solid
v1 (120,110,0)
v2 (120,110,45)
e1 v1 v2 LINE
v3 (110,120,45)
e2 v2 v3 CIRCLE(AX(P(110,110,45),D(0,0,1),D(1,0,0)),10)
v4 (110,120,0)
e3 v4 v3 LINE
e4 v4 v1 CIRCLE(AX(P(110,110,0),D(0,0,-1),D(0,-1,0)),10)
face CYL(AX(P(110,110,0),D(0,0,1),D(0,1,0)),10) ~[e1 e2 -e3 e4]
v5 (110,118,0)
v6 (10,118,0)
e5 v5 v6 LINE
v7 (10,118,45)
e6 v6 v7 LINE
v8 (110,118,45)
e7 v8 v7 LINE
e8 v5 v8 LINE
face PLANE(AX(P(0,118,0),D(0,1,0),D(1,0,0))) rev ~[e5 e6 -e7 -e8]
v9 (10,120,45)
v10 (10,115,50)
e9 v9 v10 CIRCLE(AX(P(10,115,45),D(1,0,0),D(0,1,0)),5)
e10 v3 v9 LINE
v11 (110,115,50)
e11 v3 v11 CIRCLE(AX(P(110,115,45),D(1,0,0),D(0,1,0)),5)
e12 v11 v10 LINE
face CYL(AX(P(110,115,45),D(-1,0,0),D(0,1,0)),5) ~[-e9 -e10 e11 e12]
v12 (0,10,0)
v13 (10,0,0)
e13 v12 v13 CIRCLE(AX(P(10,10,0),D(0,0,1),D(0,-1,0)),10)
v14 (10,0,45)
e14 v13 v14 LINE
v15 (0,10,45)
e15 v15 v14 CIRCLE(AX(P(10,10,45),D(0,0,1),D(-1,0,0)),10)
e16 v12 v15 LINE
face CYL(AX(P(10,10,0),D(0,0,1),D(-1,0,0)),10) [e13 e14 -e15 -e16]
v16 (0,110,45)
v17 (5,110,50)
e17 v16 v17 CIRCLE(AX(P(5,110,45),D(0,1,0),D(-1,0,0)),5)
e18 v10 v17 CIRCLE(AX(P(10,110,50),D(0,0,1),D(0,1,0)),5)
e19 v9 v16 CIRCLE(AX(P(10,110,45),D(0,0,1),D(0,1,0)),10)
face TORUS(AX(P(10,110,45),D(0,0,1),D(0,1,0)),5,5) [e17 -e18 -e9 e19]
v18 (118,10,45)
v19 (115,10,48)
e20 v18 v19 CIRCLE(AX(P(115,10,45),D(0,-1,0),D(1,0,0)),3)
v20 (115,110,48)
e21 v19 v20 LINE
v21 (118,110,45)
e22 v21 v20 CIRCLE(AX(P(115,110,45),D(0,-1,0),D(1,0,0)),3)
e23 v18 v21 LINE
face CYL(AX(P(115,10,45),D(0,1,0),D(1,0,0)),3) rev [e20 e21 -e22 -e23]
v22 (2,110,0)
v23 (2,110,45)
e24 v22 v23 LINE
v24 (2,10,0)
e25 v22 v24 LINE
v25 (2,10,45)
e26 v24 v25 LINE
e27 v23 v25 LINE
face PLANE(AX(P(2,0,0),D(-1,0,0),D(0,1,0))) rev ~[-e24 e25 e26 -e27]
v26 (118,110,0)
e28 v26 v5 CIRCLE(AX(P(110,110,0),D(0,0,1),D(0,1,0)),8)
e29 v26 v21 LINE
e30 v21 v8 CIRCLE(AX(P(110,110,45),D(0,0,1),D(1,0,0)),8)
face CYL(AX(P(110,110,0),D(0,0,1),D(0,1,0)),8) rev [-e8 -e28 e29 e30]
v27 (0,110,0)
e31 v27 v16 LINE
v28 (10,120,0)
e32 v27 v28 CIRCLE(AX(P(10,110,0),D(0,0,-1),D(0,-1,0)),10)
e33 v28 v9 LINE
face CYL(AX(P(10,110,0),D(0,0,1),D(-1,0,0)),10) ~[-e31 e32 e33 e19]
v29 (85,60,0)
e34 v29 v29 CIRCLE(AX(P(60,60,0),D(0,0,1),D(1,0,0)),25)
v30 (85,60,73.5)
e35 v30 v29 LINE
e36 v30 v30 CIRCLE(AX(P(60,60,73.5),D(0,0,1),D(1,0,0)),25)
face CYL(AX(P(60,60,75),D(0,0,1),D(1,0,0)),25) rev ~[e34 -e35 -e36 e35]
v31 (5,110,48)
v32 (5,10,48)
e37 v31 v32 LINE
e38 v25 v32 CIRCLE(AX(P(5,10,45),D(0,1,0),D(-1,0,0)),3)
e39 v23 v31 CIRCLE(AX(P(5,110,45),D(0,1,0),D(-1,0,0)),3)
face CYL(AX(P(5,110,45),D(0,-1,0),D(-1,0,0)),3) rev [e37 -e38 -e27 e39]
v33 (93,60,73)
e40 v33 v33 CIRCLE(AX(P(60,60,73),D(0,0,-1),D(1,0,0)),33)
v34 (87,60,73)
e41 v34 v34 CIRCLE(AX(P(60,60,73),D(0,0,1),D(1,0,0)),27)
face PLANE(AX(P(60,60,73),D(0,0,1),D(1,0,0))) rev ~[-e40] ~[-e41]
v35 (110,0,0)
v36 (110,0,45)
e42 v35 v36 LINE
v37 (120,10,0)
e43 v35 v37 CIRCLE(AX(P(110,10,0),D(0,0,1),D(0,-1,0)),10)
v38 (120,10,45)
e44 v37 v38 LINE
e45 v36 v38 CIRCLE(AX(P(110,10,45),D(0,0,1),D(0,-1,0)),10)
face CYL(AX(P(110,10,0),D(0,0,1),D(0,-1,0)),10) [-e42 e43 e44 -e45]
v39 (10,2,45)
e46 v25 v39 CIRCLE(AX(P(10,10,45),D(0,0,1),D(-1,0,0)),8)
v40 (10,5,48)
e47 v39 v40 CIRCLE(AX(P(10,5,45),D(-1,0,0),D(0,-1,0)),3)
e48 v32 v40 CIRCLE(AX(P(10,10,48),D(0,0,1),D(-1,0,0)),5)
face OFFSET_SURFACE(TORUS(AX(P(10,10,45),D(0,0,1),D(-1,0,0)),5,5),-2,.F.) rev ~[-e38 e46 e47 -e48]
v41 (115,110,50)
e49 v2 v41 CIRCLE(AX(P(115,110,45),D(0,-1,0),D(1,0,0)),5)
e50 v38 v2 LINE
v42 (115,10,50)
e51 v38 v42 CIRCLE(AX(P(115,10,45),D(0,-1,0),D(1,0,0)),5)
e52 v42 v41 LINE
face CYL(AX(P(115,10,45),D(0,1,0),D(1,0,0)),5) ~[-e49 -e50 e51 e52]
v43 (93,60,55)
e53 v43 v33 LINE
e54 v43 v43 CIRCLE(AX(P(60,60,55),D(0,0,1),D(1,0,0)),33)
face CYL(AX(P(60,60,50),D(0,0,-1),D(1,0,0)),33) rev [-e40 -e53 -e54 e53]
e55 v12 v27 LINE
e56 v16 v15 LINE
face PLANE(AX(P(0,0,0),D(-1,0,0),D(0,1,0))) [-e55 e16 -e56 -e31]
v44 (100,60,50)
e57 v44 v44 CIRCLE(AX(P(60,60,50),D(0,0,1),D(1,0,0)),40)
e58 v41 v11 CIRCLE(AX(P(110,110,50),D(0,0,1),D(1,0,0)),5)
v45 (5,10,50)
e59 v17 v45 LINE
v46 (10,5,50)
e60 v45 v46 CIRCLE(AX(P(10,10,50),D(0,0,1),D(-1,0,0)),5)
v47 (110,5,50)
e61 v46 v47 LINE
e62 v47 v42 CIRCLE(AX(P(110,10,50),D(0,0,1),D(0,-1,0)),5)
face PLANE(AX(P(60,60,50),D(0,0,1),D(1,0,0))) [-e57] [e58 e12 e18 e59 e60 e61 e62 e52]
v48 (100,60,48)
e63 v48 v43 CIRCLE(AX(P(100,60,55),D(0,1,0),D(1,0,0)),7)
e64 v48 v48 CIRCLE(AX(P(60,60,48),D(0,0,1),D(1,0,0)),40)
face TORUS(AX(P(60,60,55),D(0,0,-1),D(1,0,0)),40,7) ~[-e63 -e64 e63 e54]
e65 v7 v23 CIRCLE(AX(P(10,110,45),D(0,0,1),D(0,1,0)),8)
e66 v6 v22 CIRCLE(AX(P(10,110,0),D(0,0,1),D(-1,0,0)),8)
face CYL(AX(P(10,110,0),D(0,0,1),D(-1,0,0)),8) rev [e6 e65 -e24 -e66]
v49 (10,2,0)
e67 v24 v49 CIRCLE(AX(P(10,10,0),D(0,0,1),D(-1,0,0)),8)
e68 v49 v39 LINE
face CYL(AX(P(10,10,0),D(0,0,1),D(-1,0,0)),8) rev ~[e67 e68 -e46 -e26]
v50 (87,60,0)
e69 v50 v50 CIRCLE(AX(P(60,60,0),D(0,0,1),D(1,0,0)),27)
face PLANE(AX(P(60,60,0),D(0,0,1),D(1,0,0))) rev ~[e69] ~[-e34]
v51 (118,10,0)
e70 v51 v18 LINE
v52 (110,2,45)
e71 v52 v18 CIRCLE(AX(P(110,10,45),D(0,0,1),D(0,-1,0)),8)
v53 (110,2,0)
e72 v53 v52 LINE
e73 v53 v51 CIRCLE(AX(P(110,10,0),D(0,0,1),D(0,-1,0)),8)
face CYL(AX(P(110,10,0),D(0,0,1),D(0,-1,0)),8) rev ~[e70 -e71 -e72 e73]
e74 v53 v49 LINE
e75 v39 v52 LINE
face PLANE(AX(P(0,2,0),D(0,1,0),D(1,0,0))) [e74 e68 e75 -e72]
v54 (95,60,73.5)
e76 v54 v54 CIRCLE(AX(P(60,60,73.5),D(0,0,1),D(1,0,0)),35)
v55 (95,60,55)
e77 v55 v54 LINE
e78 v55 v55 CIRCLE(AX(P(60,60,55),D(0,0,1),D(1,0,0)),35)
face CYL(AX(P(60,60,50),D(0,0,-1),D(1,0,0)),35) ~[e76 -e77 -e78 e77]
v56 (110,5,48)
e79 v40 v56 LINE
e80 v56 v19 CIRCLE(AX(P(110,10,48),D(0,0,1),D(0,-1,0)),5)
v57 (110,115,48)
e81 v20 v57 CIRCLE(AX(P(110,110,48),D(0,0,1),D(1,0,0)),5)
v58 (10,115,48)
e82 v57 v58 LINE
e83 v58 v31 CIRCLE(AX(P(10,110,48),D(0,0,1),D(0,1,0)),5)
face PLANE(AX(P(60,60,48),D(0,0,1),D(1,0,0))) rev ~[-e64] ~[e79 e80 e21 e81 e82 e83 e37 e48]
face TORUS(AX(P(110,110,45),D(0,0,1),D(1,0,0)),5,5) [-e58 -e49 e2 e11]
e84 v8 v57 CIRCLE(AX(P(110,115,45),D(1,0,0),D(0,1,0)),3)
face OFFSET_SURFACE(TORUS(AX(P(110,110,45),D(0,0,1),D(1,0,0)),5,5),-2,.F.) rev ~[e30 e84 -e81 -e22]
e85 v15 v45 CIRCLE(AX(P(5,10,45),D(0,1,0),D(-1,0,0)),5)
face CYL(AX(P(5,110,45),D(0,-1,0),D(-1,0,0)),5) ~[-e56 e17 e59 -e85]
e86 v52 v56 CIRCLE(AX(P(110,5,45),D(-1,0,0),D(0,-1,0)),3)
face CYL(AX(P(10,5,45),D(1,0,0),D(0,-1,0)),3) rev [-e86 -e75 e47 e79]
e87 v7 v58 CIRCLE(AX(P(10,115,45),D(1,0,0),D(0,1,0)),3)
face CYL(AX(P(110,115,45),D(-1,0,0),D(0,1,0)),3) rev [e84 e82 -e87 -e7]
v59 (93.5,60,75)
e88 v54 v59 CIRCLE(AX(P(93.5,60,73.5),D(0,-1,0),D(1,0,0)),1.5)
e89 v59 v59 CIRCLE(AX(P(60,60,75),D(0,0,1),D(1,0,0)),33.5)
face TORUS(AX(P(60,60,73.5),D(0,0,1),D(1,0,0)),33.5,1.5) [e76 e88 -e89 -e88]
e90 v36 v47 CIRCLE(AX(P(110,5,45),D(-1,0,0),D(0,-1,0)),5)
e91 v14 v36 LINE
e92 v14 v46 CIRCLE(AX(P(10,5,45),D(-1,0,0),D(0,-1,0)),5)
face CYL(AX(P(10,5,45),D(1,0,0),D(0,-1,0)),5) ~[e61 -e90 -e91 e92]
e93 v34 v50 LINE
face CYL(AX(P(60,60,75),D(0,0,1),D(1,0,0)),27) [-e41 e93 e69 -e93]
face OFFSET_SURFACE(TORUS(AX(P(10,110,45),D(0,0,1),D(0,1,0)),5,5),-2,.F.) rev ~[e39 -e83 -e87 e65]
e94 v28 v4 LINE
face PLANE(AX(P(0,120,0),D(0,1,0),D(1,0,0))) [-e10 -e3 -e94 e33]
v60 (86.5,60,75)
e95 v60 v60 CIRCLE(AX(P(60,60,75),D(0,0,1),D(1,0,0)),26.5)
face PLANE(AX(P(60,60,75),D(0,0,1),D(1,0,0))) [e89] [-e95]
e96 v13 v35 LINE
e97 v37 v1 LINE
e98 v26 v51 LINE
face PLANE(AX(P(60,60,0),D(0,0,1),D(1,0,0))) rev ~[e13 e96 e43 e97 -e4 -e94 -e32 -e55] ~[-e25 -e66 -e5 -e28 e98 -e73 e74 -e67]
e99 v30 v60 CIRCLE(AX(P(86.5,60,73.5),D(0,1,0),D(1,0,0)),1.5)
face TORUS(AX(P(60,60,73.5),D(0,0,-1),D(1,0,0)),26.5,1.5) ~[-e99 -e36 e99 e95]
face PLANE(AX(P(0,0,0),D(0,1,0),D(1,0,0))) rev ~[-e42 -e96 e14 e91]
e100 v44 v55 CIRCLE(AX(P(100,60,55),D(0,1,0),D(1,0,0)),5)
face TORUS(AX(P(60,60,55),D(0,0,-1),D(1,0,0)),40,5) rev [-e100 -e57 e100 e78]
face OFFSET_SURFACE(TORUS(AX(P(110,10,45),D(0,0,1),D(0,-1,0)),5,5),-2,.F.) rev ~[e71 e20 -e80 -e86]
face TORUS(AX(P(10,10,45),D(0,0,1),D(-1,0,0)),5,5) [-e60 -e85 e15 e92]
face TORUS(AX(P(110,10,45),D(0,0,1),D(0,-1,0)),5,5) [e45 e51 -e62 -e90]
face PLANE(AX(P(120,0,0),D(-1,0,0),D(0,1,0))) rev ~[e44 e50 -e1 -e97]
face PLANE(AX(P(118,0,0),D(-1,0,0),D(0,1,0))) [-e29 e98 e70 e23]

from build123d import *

# Parameters (mm, degrees)
SKETCH1_W           = 120
SKETCH1_H           = 120
BOSS_EXTRUDE1_DEPTH = 50
SKETCH2_R           = 35
BOSS_EXTRUDE2_DEPTH = 25
SKETCH6_R           = 25
CUT_EXTRUDE1_DEPTH  = 76
FILLET1_R           = 10
FILLET2_R           = 1.5
FILLET3_R           = 5
SHELL1_T            = -2


with BuildPart() as part:
    # Sketch1 → Boss-Extrude1 (new body)
    with BuildSketch(Plane.XY):
        with Locations((60, 60)):
            Rectangle(SKETCH1_W, SKETCH1_H)
    extrude(amount=BOSS_EXTRUDE1_DEPTH)

    # Sketch2 → Boss-Extrude2 (add)
    with BuildSketch(Plane.XY.offset(50)):
        with Locations((60, 60)):
            Circle(SKETCH2_R)
    extrude(amount=BOSS_EXTRUDE2_DEPTH)

    # Sketch6 → Cut-Extrude1 (cut, through all)
    with BuildSketch(Plane.XY.offset(75)):
        with Locations((60, 60)):
            Circle(SKETCH6_R)
    extrude(amount=-CUT_EXTRUDE1_DEPTH, mode=Mode.SUBTRACT)

    # Fillet1
    fillet1_edges = [part.edges().sort_by_distance(p)[0] for p in [
        (0, 120, 25),
        (120, 120, 25),
        (120, 0, 25),
        (0, 0, 25),
    ]]
    fillet(fillet1_edges, radius=FILLET1_R)

    # Fillet2
    fillet2_edges = [part.edges().sort_by_distance(p)[0] for p in [
        (25, 60, 75),
        (35, 60, 75),
    ]]
    fillet(fillet2_edges, radius=FILLET2_R)

    # Fillet3
    fillet3_edges = [part.edges().sort_by_distance(p)[0] for p in [
        (25, 60, 50),
        (60, 0, 50),
        (0, 60, 50),
        (120, 60, 50),
        (60, 120, 50),
        (2.928932188, 117.071067812, 50),
        (117.071067812, 117.071067812, 50),
        (117.071067812, 2.928932188, 50),
        (2.928932188, 2.928932188, 50),
    ]]
    fillet(fillet3_edges, radius=FILLET3_R)

    # Shell1
    shell1_openings = [part.faces().sort_by_distance(p)[0] for p in [
        (85, 60, 0),
    ]]
    offset(amount=SHELL1_T, openings=shell1_openings, kind=Kind.INTERSECTION)


solid = part.part
